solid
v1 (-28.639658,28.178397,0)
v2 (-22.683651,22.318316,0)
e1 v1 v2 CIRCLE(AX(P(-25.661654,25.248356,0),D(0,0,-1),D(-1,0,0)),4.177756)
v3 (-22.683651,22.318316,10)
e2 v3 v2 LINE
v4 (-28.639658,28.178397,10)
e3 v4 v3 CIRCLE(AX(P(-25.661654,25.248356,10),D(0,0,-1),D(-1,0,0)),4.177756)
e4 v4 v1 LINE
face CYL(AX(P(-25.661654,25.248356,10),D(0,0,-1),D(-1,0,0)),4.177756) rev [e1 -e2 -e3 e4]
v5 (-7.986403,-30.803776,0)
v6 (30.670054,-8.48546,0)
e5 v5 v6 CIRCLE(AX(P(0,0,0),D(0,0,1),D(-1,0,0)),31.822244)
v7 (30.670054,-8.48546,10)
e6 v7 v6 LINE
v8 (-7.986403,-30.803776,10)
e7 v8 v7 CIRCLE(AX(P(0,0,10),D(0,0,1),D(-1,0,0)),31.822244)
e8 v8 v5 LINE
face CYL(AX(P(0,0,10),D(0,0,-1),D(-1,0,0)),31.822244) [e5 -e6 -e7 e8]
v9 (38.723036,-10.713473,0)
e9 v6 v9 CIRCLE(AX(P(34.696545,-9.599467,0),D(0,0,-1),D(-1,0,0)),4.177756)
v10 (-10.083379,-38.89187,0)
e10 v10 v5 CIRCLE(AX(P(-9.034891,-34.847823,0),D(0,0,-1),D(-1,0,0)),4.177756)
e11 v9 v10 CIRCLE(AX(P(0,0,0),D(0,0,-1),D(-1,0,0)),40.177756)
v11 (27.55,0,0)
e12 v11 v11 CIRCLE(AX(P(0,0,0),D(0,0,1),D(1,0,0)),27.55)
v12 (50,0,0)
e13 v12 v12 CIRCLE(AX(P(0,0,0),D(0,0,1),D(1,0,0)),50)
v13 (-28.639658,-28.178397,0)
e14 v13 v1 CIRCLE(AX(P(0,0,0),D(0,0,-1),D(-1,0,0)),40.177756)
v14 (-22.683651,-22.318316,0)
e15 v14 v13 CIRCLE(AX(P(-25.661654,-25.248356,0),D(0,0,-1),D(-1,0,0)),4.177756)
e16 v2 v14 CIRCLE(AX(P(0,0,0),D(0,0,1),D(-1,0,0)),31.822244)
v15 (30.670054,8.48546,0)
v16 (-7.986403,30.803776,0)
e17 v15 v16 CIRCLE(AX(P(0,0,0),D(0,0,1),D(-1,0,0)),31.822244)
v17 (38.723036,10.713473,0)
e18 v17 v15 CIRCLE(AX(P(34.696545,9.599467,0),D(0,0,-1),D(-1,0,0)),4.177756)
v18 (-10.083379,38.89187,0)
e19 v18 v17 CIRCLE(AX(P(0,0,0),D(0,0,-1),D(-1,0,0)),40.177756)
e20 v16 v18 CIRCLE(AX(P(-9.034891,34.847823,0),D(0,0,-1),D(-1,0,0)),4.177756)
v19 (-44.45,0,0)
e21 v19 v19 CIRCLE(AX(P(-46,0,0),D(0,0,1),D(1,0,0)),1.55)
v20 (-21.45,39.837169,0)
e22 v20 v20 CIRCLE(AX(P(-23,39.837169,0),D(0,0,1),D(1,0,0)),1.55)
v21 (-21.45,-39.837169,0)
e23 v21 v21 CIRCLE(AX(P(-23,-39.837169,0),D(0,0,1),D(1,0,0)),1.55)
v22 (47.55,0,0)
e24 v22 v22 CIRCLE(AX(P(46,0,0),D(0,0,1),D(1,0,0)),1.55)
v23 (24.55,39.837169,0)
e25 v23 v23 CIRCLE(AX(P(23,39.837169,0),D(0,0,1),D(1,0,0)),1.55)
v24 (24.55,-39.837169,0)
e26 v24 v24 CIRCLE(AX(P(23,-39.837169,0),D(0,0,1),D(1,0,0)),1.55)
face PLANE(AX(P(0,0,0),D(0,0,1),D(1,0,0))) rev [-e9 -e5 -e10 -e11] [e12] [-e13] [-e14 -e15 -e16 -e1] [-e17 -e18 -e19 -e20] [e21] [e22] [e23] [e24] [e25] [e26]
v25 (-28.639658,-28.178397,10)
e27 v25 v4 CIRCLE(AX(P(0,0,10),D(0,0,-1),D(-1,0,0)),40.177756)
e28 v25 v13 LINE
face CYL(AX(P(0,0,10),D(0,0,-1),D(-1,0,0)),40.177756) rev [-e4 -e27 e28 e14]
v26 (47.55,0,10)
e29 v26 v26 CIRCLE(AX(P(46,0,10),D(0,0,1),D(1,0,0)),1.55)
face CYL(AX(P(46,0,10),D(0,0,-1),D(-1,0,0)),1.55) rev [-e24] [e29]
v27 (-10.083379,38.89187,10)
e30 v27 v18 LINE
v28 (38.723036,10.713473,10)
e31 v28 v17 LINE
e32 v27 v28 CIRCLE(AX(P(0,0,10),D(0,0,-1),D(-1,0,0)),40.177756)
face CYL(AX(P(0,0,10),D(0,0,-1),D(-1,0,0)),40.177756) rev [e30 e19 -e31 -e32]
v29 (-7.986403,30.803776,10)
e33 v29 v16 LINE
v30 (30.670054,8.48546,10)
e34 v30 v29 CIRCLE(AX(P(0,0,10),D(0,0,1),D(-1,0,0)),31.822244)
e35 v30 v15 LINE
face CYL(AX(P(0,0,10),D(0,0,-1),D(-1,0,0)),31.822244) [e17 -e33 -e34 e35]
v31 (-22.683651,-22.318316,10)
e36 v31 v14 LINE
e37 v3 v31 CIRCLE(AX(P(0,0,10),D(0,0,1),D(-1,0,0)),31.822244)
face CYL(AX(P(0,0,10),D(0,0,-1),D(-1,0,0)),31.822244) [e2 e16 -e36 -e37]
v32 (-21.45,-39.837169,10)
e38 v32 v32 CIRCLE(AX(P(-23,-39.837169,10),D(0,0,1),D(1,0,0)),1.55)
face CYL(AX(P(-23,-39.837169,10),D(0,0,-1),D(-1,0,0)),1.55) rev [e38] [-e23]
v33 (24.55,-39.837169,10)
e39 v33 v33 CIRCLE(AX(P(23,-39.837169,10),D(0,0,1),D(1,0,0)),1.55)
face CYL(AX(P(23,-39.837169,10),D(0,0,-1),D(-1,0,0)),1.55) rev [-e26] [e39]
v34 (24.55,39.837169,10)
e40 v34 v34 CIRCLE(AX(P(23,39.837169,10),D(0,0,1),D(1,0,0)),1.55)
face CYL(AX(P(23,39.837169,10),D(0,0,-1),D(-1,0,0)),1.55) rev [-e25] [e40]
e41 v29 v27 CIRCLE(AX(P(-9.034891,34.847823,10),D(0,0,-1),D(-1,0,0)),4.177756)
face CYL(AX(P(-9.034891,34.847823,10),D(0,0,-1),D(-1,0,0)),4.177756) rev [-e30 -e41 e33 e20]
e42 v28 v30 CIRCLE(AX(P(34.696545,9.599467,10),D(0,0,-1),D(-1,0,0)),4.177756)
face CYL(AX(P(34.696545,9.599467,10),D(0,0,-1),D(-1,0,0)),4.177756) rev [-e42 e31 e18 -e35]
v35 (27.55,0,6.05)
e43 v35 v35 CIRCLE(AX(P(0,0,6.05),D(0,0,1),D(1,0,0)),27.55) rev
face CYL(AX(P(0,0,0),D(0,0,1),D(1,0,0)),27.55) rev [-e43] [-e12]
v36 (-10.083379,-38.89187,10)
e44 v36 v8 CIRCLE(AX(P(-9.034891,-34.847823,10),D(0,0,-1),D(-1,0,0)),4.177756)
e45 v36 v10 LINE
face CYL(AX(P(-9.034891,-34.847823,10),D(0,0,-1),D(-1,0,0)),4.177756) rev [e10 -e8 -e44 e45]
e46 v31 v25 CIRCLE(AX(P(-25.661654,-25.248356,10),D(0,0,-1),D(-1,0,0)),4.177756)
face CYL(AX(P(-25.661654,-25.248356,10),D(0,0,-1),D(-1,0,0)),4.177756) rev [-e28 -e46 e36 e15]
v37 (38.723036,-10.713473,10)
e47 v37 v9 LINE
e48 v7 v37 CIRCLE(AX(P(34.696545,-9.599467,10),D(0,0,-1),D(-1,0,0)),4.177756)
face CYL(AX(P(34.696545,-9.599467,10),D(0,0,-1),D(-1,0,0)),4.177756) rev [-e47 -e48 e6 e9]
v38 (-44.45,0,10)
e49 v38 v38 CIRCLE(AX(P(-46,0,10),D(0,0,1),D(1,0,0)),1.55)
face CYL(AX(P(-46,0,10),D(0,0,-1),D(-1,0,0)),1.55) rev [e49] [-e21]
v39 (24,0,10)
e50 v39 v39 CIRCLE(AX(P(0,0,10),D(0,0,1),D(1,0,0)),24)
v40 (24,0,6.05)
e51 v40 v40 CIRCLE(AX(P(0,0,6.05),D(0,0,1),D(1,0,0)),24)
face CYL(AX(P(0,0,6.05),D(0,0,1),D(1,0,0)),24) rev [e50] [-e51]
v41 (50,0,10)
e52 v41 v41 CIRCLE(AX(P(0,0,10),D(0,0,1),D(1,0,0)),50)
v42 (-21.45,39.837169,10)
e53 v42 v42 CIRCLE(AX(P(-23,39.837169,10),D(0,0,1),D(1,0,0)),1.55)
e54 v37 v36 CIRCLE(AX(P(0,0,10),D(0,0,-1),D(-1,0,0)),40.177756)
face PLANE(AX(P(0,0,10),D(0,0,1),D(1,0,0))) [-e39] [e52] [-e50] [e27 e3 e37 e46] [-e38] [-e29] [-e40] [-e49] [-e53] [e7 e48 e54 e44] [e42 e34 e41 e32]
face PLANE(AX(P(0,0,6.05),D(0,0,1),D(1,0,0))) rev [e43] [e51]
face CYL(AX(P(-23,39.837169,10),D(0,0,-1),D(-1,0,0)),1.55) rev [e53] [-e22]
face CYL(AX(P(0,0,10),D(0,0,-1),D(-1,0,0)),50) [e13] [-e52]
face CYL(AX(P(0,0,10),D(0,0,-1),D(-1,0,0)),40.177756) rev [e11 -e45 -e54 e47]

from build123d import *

# Parameters (mm, degrees)
SKETCH_1_R          = 50
SKETCH_1_R_2        = 42
SKETCH_1_R_3        = 1.55
EXTRUDE_1_DEPTH     = 10
EXTRUDE_START       = -10
SKETCH_3_R          = 42
SKETCH_3_R_2        = 27.55
EXTRUDE_2_DEPTH     = 10
SKETCH_5_R          = 28.648994564
SKETCH_5_R_2        = 24
EXTRUDE_4_DEPTH     = 3.95
CUT_EXTRUDE_1_DEPTH = 10


with BuildPart() as part:
    # 草图1 → 凸台-拉伸1 (new body)
    with BuildSketch(Plane.XY):
        Circle(SKETCH_1_R)
        Circle(SKETCH_1_R_2, mode=Mode.SUBTRACT)
        with Locations((46, 0)):
            Circle(SKETCH_1_R_3, mode=Mode.SUBTRACT)
        with Locations((23, -39.837168574)):
            Circle(SKETCH_1_R_3, mode=Mode.SUBTRACT)
        with Locations((-23, -39.837168574)):
            Circle(SKETCH_1_R_3, mode=Mode.SUBTRACT)
        with Locations((-46, 0)):
            Circle(SKETCH_1_R_3, mode=Mode.SUBTRACT)
        with Locations((-23, 39.837168574)):
            Circle(SKETCH_1_R_3, mode=Mode.SUBTRACT)
        with Locations((23, 39.837168574)):
            Circle(SKETCH_1_R_3, mode=Mode.SUBTRACT)
    extrude(amount=EXTRUDE_1_DEPTH)

    # 草图3 → 凸台-拉伸2 (add)
    with BuildSketch(Plane.XY.offset(10).offset(EXTRUDE_START)):
        Circle(SKETCH_3_R)
        Circle(SKETCH_3_R_2, mode=Mode.SUBTRACT)
    extrude(amount=EXTRUDE_2_DEPTH)

    # 草图5 → 凸台-拉伸4 (add)
    with BuildSketch(Plane.XY.offset(10)):
        Circle(SKETCH_5_R)
        Circle(SKETCH_5_R_2, mode=Mode.SUBTRACT)
    extrude(amount=-EXTRUDE_4_DEPTH)

    # 草图6 → 切除-拉伸1 (cut)
    with BuildSketch(Plane(origin=(0, 0, 0), x_dir=(-1, 0, 0), z_dir=(0, 0, -1))):
        with BuildLine():
            ThreePointArc((10.083378512, 38.891869692), (-20.088877833, 34.794957074), (-38.72303641, 10.713472899))
            ThreePointArc((-38.72303641, 10.713472899), (-35.810551361, 5.572975291), (-30.670053754, 8.48546034))
            ThreePointArc((-30.670053754, 8.48546034), (-15.911122167, 27.558871999), (7.98640266, 30.803775856))
            ThreePointArc((7.98640266, 30.803775856), (13.078937504, 33.799334848), (10.083378512, 38.891869692))
        make_face()
        with BuildLine():
            ThreePointArc((28.639657898, -28.178396793), (40.177755666, 0), (28.639657898, 28.178396793))
            ThreePointArc((28.639657898, 28.178396793), (22.731613858, 28.226359557), (22.683651094, 22.318315516))
            ThreePointArc((22.683651094, 22.318315516), (31.822244334, 0), (22.683651094, -22.318315516))
            ThreePointArc((22.683651094, -22.318315516), (22.731613858, -28.226359557), (28.639657898, -28.178396793))
        make_face()
        with BuildLine():
            ThreePointArc((-38.72303641, -10.713472899), (-20.088877833, -34.794957074), (10.083378512, -38.891869692))
            ThreePointArc((10.083378512, -38.891869692), (13.078937504, -33.799334848), (7.98640266, -30.803775856))
            ThreePointArc((7.98640266, -30.803775856), (-15.911122167, -27.558871999), (-30.670053754, -8.48546034))
            ThreePointArc((-30.670053754, -8.48546034), (-35.810551361, -5.572975291), (-38.72303641, -10.713472899))
        make_face()
    extrude(amount=-CUT_EXTRUDE_1_DEPTH, mode=Mode.SUBTRACT)


solid = part.part
